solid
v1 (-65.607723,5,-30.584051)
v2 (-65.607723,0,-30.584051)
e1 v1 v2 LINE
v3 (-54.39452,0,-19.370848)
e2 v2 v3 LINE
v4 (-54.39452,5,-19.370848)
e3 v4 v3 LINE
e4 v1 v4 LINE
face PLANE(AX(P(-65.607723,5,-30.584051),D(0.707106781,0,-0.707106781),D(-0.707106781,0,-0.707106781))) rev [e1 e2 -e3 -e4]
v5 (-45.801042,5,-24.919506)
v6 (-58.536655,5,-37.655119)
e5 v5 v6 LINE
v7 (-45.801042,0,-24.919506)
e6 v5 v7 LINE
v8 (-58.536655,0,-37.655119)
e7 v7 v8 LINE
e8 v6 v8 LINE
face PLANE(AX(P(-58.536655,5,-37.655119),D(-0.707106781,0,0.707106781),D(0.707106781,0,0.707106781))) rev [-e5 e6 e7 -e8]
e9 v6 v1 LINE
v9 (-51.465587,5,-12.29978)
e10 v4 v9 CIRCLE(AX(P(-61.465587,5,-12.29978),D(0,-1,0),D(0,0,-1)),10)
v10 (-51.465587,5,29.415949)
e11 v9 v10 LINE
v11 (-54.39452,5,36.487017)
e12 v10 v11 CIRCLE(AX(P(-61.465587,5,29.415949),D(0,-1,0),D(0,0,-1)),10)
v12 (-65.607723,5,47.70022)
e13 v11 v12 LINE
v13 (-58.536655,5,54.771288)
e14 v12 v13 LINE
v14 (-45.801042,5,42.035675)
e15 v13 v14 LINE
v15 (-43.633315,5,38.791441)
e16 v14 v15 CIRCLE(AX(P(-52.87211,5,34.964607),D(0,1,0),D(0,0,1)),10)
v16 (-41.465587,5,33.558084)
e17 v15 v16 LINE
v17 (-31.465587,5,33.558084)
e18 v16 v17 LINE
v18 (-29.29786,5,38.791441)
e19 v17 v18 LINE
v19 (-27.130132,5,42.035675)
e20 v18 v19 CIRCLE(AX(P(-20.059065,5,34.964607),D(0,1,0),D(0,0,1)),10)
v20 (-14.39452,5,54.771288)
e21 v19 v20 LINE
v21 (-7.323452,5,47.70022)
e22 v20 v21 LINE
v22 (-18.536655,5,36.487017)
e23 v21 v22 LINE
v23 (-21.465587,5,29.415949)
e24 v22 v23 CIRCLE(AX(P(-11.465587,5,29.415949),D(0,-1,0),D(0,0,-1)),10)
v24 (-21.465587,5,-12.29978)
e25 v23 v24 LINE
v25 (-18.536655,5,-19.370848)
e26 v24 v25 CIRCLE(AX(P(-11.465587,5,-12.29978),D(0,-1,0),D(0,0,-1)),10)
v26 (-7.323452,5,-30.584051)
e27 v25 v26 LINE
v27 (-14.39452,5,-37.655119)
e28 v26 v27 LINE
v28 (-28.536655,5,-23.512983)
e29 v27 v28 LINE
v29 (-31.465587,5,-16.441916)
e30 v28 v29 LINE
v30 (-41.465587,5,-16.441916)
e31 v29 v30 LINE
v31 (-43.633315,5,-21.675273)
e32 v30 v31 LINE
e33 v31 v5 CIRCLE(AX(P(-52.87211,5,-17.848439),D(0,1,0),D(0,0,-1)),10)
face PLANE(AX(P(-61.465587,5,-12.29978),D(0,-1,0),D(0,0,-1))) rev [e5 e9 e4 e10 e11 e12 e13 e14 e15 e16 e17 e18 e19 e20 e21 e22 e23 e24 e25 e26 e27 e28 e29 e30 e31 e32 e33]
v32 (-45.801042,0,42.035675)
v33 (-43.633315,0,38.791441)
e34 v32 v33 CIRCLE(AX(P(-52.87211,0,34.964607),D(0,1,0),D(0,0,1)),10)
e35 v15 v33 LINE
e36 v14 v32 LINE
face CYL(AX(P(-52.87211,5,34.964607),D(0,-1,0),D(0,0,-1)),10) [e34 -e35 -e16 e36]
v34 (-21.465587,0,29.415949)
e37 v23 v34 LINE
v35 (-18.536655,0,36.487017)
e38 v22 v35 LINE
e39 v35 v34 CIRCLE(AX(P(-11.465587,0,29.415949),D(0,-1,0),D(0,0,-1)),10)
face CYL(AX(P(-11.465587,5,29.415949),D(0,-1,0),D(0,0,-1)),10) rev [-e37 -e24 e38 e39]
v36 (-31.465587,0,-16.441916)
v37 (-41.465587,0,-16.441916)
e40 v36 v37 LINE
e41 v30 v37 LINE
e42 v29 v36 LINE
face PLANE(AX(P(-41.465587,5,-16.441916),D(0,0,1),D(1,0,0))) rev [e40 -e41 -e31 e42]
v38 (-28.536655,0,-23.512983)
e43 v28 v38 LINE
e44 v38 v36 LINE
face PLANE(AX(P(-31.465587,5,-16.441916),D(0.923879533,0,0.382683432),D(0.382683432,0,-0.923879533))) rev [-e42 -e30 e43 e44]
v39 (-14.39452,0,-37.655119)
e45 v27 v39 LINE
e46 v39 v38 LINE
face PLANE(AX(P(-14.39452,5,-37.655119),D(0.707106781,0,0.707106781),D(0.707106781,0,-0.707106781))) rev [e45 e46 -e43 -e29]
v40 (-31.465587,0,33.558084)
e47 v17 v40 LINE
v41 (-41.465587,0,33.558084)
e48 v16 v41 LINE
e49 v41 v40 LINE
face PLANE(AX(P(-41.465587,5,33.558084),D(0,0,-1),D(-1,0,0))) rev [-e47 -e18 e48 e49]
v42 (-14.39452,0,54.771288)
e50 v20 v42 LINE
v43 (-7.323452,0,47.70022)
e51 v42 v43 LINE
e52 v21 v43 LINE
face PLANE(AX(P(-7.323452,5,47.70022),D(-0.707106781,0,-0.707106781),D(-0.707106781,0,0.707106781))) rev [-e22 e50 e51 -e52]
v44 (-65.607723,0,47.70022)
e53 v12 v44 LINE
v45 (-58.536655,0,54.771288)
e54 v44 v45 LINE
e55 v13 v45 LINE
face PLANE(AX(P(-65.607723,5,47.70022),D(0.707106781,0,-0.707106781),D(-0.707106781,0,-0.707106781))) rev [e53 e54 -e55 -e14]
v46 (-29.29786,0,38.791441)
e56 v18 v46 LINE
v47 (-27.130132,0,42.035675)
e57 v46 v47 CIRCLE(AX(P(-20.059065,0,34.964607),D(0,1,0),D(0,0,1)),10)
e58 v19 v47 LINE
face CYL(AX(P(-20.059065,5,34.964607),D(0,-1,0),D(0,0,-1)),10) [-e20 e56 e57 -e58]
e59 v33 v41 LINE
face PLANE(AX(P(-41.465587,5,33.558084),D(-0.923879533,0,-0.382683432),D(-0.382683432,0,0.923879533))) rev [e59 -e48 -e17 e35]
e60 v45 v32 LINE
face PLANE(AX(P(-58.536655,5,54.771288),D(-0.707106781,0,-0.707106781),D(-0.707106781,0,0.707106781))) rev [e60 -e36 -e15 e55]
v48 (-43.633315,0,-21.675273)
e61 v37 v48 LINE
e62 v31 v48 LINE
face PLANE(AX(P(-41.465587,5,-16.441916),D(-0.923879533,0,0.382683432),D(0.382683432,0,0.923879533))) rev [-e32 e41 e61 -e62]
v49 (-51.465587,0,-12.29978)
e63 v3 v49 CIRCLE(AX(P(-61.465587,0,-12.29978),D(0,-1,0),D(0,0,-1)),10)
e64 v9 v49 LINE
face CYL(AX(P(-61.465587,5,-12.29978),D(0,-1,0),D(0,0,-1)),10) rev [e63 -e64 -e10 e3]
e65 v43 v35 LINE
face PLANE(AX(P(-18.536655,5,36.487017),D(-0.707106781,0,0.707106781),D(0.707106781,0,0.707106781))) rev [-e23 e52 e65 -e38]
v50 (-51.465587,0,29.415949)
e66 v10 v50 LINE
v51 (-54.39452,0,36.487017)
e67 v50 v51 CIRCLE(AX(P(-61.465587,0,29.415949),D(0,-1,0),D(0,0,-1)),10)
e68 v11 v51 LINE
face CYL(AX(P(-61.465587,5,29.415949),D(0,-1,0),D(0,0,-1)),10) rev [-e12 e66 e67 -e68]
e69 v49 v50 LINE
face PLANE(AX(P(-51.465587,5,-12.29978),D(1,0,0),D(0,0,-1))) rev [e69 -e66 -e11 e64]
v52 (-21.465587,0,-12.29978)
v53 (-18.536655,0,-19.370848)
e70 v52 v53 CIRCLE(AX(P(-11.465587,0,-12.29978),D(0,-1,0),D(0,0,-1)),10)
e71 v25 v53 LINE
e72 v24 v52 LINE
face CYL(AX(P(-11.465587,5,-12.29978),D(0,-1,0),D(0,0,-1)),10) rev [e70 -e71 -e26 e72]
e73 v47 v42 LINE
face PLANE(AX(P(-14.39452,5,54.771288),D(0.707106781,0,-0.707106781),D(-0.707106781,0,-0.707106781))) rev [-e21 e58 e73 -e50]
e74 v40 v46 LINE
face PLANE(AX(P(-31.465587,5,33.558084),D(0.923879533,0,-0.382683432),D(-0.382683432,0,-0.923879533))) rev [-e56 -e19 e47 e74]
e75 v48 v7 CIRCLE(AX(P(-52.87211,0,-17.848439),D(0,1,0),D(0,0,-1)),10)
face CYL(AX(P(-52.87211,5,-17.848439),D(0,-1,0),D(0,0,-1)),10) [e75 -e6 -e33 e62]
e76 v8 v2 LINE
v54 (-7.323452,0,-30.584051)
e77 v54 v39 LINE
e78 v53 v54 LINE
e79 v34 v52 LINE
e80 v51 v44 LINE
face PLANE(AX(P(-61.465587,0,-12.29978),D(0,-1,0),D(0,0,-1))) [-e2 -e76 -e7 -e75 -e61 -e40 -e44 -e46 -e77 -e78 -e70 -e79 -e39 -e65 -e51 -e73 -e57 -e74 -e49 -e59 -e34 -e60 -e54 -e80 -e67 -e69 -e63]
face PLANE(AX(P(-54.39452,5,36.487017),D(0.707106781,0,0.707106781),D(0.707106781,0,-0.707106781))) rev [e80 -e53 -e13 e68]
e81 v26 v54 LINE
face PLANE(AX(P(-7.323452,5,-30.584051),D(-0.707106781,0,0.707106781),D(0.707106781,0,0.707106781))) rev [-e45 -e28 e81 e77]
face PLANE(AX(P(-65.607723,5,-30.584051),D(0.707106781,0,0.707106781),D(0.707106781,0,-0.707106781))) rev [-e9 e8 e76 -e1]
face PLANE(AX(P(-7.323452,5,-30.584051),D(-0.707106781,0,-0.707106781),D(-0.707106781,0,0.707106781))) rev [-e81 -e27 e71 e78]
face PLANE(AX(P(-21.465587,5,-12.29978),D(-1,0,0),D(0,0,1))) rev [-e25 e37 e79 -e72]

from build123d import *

# Parameters (mm, degrees)
BOSS_EXTRUDE1_DEPTH = 5


with BuildPart() as part:
    # Sketch1 → Boss-Extrude1 (new body)
    with BuildSketch(Plane(origin=(0, 0, 0), x_dir=(1, 0, 0), z_dir=(0, 1, 0))):
        with BuildLine():
            Line((-65.607722973, 30.584051311), (-58.536655161, 37.655119123))
            Line((-58.536655161, 37.655119123), (-45.801042376, 24.919506337))
            ThreePointArc((-45.801042376, 24.919506337), (-44.557414065, 23.404140856), (-43.633314863, 21.675272849))
            Line((-43.633314863, 21.675272849), (-41.465587349, 16.441915687))
            Line((-41.465587349, 16.441915687), (-31.465587349, 16.441915687))
            Line((-31.465587349, 16.441915687), (-28.536655161, 23.512983499))
            Line((-28.536655161, 23.512983499), (-14.394519538, 37.655119123))
            Line((-14.394519538, 37.655119123), (-7.323451726, 30.584051311))
            Line((-7.323451726, 30.584051311), (-18.536655161, 19.370847875))
            ThreePointArc((-18.536655161, 19.370847875), (-20.704382675, 16.126614387), (-21.465587349, 12.299780063))
            Line((-21.465587349, 12.299780063), (-21.465587349, -29.415948689))
            ThreePointArc((-21.465587349, -29.415948689), (-20.704382675, -33.242783013), (-18.536655161, -36.487016501))
            Line((-18.536655161, -36.487016501), (-7.323451726, -47.700219937))
            Line((-7.323451726, -47.700219937), (-14.394519538, -54.771287748))
            Line((-14.394519538, -54.771287748), (-27.130132323, -42.035674963))
            ThreePointArc((-27.130132323, -42.035674963), (-28.373760634, -40.520309481), (-29.297859836, -38.791441475))
            Line((-29.297859836, -38.791441475), (-31.465587349, -33.558084313))
            Line((-31.465587349, -33.558084313), (-41.465587349, -33.558084313))
            Line((-41.465587349, -33.558084313), (-43.633314863, -38.791441475))
            ThreePointArc((-43.633314863, -38.791441475), (-44.557414065, -40.520309481), (-45.801042376, -42.035674963))
            Line((-45.801042376, -42.035674963), (-58.536655161, -54.771287748))
            Line((-58.536655161, -54.771287748), (-65.607722973, -47.700219937))
            Line((-65.607722973, -47.700219937), (-54.394519538, -36.487016501))
            ThreePointArc((-54.394519538, -36.487016501), (-52.226792024, -33.242783013), (-51.465587349, -29.415948689))
            Line((-51.465587349, -29.415948689), (-51.465587349, 12.299780063))
            ThreePointArc((-51.465587349, 12.299780063), (-52.226792024, 16.126614387), (-54.394519538, 19.370847875))
            Line((-54.394519538, 19.370847875), (-65.607722973, 30.584051311))
        make_face()
    extrude(amount=BOSS_EXTRUDE1_DEPTH)


solid = part.part
